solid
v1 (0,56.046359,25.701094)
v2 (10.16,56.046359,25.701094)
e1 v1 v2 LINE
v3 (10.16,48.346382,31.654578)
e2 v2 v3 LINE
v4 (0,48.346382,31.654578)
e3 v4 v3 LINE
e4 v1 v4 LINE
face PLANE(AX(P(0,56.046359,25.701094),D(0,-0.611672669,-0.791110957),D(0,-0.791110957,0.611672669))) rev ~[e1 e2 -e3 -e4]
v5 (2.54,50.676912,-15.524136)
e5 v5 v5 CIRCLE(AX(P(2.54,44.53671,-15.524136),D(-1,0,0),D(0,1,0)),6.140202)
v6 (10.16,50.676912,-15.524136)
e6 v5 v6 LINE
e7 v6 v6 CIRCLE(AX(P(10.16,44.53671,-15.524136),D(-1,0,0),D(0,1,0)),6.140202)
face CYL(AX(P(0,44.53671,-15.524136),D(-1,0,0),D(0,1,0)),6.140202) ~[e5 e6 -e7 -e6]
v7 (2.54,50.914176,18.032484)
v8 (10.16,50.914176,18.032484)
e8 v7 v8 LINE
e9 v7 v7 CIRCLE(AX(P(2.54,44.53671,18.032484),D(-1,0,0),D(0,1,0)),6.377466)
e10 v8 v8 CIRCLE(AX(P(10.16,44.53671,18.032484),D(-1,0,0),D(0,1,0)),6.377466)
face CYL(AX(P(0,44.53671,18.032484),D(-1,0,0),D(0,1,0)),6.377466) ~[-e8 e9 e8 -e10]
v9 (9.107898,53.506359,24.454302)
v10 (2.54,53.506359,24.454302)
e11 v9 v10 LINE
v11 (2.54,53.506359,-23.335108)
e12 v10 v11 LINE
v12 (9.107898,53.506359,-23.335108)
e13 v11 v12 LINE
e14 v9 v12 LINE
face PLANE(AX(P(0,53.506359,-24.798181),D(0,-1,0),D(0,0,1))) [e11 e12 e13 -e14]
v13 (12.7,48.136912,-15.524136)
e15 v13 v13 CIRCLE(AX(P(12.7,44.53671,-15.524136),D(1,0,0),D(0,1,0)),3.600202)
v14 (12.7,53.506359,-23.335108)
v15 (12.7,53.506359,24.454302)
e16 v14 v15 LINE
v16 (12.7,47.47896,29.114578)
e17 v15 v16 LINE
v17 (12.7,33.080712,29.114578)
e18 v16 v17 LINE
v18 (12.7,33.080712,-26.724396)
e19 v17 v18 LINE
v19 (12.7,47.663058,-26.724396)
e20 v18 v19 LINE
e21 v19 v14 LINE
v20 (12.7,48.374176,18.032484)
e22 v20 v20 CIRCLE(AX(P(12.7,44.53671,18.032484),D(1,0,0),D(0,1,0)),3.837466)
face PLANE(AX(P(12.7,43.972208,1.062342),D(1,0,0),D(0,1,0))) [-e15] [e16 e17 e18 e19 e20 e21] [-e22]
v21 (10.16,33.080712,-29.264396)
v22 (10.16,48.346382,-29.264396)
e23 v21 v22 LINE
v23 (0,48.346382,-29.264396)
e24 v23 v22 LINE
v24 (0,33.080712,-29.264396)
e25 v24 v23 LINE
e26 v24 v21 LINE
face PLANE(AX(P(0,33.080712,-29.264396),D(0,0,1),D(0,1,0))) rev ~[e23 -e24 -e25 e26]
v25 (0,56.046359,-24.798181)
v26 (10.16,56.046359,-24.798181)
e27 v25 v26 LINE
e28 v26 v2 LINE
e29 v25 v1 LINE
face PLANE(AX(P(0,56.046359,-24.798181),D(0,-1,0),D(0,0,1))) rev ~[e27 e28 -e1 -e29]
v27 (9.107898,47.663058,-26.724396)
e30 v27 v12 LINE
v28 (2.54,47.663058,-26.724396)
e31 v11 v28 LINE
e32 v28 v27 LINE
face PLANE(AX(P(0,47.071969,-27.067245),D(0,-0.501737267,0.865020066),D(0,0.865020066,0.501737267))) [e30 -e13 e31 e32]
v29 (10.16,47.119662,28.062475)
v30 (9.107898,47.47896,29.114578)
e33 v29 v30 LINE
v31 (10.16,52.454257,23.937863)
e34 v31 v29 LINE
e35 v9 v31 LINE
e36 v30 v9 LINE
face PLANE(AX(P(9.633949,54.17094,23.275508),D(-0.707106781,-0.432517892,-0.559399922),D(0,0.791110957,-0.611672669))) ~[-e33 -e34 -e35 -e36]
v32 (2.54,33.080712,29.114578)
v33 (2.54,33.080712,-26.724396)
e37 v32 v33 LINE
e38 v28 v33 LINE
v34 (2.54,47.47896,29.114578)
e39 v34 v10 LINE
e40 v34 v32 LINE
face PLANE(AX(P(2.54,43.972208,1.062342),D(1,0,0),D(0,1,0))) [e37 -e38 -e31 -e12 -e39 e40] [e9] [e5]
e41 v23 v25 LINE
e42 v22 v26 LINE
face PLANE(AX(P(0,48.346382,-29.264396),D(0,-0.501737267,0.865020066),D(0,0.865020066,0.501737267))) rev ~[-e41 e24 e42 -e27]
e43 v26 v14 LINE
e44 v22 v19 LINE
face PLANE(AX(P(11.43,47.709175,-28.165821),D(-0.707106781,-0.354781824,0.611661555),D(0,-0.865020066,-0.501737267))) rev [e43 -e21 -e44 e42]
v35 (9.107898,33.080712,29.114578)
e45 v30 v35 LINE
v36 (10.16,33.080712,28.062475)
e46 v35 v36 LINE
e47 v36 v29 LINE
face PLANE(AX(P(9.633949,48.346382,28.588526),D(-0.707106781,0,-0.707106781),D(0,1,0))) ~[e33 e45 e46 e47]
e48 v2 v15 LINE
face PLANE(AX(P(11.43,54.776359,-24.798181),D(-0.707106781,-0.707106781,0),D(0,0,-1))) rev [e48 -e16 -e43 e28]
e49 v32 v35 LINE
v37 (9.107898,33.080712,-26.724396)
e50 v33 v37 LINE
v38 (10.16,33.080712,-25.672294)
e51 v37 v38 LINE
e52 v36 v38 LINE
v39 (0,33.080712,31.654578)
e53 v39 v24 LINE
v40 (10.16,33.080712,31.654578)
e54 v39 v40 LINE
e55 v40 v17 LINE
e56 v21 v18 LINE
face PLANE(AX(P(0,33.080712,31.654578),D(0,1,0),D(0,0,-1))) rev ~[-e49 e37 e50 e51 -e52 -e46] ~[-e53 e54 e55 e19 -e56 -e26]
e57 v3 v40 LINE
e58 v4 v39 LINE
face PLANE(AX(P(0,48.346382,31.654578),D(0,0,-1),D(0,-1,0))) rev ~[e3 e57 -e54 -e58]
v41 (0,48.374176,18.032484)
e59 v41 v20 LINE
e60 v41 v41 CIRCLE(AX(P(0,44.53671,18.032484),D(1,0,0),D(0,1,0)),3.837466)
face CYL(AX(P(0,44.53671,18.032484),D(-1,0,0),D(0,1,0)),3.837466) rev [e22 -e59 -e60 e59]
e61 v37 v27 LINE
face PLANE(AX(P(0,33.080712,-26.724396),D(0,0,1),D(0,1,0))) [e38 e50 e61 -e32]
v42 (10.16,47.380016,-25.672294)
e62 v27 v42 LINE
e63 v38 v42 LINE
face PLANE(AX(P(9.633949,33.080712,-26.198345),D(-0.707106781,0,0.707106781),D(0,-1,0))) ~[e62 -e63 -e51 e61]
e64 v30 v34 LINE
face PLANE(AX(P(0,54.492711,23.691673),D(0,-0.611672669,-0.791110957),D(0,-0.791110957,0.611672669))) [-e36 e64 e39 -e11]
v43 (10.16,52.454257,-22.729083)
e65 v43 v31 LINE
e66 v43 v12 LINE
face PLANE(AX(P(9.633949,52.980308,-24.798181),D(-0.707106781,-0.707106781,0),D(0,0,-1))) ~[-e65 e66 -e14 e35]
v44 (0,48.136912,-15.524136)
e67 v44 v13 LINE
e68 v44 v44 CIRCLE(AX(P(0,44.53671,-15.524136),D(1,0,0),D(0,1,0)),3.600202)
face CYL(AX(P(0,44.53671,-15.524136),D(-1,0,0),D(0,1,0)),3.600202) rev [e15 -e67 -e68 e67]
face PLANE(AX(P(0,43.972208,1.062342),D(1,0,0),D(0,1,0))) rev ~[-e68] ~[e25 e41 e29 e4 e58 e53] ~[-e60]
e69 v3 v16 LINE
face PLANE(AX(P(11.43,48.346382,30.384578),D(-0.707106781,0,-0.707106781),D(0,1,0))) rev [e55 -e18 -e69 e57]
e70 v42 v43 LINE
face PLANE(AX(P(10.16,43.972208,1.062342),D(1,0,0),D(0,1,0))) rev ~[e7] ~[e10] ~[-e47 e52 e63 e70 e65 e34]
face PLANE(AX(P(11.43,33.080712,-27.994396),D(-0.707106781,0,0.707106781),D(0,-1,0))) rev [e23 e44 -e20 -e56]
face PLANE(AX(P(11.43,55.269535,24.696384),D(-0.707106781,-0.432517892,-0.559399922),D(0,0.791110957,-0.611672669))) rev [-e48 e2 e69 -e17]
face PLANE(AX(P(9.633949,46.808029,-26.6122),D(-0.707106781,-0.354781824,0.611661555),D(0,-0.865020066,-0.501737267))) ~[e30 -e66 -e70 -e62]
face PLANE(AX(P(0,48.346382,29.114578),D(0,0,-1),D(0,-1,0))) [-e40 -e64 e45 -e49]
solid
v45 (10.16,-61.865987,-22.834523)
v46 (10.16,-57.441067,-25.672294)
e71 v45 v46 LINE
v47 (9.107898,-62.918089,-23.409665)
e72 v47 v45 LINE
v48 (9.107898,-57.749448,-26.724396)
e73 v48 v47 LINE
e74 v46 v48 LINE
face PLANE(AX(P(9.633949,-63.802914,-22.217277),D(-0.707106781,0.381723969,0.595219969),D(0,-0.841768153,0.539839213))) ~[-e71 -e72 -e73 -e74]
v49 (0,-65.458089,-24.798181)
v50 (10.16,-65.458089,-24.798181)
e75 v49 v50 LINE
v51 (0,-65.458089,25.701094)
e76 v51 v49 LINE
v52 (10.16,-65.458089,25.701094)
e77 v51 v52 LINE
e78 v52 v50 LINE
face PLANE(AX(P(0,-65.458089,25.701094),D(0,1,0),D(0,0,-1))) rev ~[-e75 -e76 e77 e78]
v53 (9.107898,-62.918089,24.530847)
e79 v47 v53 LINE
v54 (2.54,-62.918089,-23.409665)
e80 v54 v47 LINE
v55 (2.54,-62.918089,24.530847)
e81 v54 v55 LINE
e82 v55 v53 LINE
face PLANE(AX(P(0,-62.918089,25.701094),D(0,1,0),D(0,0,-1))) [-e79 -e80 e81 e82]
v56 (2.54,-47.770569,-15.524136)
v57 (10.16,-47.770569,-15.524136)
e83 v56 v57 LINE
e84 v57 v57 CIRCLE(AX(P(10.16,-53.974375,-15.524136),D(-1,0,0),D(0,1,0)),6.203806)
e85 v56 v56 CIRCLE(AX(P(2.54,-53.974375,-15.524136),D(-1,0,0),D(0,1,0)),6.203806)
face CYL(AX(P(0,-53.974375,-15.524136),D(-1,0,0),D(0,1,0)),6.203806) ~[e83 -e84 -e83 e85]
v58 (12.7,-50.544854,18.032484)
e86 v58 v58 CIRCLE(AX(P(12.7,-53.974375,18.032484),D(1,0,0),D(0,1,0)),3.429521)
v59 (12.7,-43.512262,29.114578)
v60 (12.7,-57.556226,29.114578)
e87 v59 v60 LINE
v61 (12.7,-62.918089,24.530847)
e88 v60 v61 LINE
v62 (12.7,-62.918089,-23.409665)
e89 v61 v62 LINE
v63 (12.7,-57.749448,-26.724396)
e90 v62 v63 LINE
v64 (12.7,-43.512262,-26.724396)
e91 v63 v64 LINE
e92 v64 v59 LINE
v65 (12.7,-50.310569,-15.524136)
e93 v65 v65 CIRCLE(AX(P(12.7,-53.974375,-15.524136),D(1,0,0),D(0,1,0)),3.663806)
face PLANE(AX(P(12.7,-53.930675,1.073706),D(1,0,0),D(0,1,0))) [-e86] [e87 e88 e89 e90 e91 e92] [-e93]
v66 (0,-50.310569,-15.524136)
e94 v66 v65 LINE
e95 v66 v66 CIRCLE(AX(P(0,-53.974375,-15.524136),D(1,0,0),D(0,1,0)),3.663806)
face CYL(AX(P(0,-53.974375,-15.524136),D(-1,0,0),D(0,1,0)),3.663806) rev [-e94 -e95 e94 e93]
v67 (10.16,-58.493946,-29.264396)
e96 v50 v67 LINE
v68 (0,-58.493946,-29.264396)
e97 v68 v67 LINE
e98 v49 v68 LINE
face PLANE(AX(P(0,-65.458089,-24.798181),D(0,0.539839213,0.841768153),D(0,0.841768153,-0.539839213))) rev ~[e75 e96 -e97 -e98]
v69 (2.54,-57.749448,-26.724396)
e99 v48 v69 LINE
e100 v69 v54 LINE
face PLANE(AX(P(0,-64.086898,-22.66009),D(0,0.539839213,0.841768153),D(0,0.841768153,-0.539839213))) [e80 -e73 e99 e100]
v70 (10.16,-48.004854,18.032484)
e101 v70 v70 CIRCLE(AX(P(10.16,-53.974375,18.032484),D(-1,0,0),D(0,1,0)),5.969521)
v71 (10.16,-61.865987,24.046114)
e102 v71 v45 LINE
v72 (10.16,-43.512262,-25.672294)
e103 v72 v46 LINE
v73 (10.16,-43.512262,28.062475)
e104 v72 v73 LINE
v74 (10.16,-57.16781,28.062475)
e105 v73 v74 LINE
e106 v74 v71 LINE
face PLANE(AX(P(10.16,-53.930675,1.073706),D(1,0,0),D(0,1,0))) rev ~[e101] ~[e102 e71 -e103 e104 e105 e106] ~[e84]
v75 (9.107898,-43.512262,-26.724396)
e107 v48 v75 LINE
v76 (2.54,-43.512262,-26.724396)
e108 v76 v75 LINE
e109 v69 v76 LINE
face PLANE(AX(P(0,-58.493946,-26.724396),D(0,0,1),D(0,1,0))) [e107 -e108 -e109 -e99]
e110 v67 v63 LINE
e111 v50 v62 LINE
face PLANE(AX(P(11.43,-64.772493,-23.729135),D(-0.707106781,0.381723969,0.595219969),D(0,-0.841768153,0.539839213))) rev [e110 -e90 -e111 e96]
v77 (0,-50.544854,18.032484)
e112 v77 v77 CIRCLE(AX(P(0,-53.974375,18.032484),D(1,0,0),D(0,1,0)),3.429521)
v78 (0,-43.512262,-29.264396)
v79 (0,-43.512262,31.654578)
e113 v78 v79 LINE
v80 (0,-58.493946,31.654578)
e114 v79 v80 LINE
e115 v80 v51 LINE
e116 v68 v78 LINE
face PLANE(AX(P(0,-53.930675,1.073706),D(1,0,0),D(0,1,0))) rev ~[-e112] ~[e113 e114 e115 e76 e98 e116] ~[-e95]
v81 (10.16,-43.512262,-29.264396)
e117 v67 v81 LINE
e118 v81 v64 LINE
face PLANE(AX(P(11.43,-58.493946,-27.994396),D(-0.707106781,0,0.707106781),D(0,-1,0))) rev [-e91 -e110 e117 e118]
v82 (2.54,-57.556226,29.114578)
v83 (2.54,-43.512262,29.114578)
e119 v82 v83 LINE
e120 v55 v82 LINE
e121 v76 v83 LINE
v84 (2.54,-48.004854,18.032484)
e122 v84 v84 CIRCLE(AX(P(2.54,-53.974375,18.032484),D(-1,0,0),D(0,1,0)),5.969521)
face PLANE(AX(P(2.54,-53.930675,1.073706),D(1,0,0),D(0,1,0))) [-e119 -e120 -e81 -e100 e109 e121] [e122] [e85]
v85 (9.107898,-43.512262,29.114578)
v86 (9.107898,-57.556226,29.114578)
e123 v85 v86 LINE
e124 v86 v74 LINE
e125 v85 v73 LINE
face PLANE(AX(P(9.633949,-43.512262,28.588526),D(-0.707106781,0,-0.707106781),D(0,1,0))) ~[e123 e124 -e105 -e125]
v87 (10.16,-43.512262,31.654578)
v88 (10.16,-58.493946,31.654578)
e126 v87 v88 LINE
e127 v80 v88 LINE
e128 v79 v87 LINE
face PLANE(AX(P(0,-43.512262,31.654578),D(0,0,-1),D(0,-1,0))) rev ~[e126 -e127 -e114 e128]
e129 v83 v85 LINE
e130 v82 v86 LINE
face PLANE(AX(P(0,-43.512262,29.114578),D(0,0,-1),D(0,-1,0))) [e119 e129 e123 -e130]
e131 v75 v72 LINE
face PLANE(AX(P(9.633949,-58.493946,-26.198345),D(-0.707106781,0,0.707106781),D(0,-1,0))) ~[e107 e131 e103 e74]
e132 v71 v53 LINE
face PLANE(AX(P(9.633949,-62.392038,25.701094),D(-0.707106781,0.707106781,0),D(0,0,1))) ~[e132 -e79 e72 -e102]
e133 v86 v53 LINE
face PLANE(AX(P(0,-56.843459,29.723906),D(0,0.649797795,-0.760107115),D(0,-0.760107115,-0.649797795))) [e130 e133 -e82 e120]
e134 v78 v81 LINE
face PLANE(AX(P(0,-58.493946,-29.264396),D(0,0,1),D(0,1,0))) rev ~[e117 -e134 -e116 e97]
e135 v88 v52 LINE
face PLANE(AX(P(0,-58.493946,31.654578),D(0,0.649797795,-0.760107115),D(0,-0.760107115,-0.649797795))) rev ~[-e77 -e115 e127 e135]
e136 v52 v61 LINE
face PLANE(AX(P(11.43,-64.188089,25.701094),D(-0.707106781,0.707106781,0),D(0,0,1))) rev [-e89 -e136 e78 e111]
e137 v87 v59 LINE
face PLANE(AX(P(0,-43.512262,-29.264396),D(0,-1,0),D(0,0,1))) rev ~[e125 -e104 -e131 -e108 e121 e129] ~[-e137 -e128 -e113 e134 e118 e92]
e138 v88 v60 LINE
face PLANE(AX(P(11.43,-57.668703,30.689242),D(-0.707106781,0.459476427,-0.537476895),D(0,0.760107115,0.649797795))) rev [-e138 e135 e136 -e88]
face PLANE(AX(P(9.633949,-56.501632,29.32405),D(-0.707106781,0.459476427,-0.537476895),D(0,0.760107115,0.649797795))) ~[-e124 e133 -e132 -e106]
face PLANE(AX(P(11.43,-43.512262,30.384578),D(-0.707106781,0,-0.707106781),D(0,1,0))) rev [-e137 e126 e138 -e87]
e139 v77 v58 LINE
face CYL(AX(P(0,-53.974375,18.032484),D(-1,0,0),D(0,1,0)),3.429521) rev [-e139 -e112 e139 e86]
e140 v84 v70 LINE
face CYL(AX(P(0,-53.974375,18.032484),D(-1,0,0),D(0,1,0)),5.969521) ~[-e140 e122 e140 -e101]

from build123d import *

# Parameters (mm, degrees)
F0_R      = 3.6002021033
F0_R_2    = 3.8374661776
F1_DEPTH  = 12.7
F0_R_3    = 3.6638057652
F0_R_4    = 3.429521016
F2_SIZE   = 2.54
F2_2_SIZE = 2.54
F3_T      = -2.54
F3_2_T    = -2.54


with BuildPart() as f1:
    # F0 (on Right) → F1 (new body)
    with BuildSketch(Plane.YZ):
        Polygon((48.3463816345, 31.6545777023), (33.0807119608, 31.6545777023), (33.0807119608, -29.2643960565), (48.3463816345, -29.2643960565), (56.046359241, -24.798180908), (56.046359241, 25.7010944188), align=None)
        with Locations((44.5367097855, -15.5241359025)):
            Circle(F0_R, mode=Mode.SUBTRACT)
        with Locations((44.5367097855, 18.0324837565)):
            Circle(F0_R_2, mode=Mode.SUBTRACT)
    extrude(amount=F1_DEPTH)

    # F2
    f2_edges = [f1.edges().sort_by_distance(p)[0] for p in [
        (12.7, 40.713547, 31.654578),
        (12.7, 52.19637, 28.677836),
        (12.7, 56.046359, 0.451457),
        (12.7, 40.713547, -29.264396),
        (12.7, 52.19637, -27.031288),
    ]]
    chamfer(f2_edges, length=F2_SIZE)

    # F3
    f3_openings = [f1.faces().sort_by_distance(p)[0] for p in [
        (6.303722, 33.080712, 1.195091),
    ]]
    offset(amount=F3_T, openings=f3_openings)


with BuildPart() as f1b:
    # F0 (on Right) → F1, piece 2 (new body)
    with BuildSketch(Plane.YZ):
        Polygon((-43.512262404, -29.2643960565), (-43.512262404, 31.6545777023), (-58.4939457476, 31.6545777023), (-65.4580891132, 25.7010944188), (-65.4580891132, -24.798180908), (-58.4939457476, -29.2643960565), align=None)
        with Locations((-53.9743751287, -15.5241359025)):
            Circle(F0_R_3, mode=Mode.SUBTRACT)
        with Locations((-53.9743751287, 18.0324837565)):
            Circle(F0_R_4, mode=Mode.SUBTRACT)
    extrude(amount=F1_DEPTH)

    # F2#2
    f2_2_edges = [f1b.edges().sort_by_distance(p)[0] for p in [
        (12.7, -51.003104, 31.654578),
        (12.7, -61.976017, 28.677836),
        (12.7, -65.458089, 0.451457),
        (12.7, -61.976017, -27.031288),
        (12.7, -51.003104, -29.264396),
    ]]
    chamfer(f2_2_edges, length=F2_2_SIZE)

    # F3#2
    f3_2_openings = [f1b.faces().sort_by_distance(p)[0] for p in [
        (6.303722, -43.512262, 1.195091),
    ]]
    offset(amount=F3_2_T, openings=f3_2_openings)


solid = Compound([f1.part, f1b.part])
